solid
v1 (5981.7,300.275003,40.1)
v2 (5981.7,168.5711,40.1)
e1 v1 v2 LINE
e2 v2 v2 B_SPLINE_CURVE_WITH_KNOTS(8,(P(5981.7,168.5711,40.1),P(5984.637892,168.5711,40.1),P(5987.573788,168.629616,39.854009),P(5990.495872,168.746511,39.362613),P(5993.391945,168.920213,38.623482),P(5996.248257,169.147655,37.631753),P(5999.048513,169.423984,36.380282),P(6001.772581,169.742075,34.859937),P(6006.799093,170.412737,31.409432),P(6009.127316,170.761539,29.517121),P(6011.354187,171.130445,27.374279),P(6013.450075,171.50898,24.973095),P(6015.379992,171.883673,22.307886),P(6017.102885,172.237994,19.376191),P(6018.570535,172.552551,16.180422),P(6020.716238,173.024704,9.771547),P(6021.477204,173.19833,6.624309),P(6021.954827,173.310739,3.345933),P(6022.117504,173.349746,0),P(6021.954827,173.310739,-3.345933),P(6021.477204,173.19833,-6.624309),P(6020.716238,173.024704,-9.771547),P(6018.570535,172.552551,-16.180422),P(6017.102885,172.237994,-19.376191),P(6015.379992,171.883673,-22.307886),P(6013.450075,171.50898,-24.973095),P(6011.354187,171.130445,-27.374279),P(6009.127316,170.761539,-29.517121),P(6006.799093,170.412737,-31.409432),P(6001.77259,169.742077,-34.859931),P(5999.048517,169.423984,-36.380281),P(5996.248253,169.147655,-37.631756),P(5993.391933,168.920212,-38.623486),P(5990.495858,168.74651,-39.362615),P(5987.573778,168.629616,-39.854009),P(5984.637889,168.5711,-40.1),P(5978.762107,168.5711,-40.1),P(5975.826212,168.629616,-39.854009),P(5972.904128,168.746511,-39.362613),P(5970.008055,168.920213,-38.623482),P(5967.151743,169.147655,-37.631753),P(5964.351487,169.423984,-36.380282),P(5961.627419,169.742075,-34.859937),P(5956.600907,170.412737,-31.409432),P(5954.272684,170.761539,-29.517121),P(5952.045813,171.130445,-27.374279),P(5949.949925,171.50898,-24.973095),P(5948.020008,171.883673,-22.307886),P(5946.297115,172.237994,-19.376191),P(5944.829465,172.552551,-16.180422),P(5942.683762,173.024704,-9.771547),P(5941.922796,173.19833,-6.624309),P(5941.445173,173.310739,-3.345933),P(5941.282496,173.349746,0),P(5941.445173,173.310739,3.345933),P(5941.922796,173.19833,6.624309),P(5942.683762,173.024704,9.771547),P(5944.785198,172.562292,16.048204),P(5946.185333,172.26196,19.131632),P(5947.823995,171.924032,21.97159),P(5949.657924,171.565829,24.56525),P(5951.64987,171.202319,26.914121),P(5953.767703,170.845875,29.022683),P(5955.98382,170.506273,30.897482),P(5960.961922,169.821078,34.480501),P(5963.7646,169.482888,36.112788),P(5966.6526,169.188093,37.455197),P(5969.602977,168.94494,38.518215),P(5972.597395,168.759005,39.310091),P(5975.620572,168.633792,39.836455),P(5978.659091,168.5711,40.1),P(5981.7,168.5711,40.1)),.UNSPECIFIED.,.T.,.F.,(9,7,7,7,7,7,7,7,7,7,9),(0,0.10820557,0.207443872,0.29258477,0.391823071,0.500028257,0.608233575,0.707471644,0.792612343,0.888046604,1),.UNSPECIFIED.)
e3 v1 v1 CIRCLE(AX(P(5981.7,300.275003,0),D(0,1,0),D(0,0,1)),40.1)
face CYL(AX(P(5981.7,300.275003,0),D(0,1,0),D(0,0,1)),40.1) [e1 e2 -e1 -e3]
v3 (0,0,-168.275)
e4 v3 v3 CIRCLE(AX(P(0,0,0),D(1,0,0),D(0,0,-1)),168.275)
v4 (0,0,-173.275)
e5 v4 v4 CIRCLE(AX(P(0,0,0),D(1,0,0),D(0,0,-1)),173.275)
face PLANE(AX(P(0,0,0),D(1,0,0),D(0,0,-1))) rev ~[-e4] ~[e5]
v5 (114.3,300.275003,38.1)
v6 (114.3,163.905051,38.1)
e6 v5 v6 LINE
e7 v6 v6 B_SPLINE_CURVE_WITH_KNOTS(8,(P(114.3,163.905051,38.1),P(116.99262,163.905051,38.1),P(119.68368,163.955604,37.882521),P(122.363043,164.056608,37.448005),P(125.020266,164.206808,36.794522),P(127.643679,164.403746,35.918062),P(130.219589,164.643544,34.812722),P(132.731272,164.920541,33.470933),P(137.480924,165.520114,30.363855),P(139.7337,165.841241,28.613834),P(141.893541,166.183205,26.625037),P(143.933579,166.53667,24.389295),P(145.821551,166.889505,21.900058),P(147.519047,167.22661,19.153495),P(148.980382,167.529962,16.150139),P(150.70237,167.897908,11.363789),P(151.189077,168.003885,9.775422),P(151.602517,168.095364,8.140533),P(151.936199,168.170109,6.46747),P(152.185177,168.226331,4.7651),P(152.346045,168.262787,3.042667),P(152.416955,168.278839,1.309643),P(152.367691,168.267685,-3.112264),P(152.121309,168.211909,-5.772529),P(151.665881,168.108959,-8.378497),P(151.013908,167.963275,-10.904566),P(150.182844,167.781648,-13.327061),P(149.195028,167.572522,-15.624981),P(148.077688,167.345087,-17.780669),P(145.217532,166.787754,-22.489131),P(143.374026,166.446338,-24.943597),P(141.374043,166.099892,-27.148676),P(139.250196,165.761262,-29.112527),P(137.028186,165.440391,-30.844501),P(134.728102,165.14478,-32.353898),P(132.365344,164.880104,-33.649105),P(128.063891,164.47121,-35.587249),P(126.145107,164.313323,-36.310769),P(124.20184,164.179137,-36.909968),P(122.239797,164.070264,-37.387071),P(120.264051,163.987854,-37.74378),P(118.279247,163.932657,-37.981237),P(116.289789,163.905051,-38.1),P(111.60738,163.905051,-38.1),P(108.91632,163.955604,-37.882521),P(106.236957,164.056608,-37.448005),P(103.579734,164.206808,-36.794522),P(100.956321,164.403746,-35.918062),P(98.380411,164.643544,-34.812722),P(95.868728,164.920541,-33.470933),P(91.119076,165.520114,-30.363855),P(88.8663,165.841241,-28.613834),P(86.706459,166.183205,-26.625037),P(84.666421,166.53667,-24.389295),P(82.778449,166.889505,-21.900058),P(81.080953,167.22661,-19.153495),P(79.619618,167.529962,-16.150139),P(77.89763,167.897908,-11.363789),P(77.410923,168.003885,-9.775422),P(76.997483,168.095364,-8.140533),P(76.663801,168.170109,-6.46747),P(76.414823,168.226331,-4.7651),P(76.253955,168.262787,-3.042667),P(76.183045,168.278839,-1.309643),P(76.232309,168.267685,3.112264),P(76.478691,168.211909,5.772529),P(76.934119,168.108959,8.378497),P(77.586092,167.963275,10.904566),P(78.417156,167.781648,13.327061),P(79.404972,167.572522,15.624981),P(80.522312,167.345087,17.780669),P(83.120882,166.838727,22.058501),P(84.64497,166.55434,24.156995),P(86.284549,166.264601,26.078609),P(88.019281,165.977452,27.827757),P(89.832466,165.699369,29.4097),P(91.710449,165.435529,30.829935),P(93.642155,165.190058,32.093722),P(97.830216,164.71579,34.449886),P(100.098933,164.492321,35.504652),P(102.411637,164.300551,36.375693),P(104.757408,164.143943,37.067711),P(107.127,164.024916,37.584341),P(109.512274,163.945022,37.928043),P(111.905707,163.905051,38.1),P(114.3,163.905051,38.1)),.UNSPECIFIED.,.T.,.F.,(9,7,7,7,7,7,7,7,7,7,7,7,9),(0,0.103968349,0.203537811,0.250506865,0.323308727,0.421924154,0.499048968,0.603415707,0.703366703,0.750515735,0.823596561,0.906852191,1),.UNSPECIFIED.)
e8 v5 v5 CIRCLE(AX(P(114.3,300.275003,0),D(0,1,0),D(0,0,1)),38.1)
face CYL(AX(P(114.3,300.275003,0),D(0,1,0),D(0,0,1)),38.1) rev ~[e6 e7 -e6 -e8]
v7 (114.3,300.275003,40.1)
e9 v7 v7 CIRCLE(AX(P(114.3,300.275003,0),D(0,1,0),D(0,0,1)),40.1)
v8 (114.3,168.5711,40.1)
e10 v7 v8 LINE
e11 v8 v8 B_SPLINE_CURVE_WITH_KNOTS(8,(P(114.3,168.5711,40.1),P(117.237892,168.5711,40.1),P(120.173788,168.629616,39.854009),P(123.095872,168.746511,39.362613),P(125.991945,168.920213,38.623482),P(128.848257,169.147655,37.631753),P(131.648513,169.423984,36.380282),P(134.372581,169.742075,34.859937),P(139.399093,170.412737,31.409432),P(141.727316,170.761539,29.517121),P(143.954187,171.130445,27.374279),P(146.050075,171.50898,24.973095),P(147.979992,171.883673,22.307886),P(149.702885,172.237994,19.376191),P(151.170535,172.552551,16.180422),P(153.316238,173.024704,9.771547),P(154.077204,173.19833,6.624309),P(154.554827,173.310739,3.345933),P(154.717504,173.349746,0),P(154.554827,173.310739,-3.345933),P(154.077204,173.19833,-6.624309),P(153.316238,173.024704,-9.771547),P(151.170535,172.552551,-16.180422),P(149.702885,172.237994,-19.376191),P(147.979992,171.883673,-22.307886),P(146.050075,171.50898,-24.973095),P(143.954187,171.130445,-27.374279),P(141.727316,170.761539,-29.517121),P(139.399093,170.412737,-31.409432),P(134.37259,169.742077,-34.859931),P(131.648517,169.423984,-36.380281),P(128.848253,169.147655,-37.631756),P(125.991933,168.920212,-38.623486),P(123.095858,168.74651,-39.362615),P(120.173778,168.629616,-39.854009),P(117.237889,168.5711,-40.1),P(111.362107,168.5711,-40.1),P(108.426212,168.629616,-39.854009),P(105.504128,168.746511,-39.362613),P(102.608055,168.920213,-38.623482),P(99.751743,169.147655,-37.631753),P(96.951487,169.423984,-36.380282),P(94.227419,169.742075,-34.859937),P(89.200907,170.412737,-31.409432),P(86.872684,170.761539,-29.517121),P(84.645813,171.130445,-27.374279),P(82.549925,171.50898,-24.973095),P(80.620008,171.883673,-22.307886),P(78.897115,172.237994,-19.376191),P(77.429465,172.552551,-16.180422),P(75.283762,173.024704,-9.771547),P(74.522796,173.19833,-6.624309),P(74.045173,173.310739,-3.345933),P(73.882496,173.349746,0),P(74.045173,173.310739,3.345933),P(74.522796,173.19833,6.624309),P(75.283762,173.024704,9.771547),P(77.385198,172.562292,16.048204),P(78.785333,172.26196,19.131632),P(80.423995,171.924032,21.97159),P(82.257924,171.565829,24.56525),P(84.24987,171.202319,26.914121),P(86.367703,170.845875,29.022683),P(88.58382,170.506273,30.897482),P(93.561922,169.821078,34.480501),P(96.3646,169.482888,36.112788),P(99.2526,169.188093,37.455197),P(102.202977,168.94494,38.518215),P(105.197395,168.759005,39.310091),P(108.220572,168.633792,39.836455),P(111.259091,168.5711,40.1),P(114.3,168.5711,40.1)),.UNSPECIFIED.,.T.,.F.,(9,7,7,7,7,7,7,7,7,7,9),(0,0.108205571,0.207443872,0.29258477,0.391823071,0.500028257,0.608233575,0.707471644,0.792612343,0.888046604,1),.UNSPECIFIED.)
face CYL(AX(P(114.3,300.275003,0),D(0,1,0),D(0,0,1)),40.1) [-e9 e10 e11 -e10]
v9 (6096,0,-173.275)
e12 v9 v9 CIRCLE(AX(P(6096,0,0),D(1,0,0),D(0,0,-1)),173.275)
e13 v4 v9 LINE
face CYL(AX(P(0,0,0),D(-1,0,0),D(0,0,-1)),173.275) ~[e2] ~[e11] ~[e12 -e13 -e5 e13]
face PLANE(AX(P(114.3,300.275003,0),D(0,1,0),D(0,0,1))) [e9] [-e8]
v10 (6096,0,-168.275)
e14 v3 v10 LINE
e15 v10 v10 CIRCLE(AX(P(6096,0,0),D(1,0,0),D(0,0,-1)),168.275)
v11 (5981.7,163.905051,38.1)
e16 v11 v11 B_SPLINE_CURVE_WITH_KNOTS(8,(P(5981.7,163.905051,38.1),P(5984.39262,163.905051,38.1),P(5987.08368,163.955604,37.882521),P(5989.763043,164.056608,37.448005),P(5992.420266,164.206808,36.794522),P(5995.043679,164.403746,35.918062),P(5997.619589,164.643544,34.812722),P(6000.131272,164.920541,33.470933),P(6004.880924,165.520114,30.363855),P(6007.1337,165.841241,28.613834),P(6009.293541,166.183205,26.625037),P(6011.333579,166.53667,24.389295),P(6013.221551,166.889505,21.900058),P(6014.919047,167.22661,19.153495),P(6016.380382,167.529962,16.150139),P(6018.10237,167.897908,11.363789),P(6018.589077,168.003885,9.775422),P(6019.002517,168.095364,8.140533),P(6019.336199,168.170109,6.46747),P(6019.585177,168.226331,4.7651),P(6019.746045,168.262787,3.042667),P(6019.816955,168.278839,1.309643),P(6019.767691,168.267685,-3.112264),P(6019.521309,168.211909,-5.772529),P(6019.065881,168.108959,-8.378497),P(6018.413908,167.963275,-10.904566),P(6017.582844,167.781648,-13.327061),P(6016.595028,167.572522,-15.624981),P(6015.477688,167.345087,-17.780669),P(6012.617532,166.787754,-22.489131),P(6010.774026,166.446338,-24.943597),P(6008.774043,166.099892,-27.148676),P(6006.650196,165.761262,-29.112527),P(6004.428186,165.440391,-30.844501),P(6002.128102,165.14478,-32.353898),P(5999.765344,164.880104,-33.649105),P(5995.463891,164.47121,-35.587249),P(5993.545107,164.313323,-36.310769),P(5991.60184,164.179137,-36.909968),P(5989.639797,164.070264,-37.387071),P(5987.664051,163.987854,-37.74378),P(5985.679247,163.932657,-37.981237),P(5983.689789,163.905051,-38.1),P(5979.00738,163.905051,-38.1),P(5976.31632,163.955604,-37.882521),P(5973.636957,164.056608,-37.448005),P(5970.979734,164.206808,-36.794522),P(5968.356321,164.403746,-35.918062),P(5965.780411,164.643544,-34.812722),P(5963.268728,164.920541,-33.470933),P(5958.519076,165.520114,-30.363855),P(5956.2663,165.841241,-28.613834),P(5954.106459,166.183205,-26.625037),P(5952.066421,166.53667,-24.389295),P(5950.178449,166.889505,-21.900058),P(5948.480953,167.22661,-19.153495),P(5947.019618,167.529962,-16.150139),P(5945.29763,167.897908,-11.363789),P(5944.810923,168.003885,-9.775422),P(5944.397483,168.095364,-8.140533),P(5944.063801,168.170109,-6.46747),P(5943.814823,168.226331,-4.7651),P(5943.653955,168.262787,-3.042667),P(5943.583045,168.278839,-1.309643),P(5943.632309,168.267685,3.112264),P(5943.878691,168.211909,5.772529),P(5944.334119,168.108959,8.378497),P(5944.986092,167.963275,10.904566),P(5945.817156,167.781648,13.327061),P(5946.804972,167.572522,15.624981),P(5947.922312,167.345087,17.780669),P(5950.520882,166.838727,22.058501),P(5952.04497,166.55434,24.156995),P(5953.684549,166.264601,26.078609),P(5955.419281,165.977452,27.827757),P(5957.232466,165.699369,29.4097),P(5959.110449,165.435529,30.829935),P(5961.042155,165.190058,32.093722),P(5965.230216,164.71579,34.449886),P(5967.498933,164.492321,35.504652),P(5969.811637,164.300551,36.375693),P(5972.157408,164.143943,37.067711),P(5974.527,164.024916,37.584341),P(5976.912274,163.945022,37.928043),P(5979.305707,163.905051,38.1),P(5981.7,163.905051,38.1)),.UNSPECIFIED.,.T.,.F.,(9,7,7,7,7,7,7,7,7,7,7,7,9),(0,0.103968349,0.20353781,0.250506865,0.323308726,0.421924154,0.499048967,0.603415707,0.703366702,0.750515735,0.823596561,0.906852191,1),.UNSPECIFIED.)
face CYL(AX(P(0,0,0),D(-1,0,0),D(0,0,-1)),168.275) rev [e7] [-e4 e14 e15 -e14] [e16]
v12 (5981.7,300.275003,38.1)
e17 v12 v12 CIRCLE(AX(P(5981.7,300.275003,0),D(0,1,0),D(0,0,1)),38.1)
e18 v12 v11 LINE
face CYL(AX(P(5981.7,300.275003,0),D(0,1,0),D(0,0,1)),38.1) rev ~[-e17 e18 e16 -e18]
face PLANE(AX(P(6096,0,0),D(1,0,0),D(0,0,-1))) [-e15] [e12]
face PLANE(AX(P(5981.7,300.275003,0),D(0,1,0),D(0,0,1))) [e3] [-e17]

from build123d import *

# Parameters (mm, degrees)
SKETCH1_R                = 173.275
SKETCH1_R_2              = 168.275
BOSS_EXTRUDE1_DEPTH      = 6096
BOSS_EXTRUDE2_REACH      = 6118.82
BOSS_EXTRUDE2_END_RADIUS = 173.275
SKETCH3_R                = 40.1
CUT_EXTRUDE1_REACH       = 6118.82
CUT_EXTRUDE1_END_RADIUS  = 168.275
SKETCH4_R                = 38.1


with BuildPart() as part:
    # Sketch1 → Boss-Extrude1 (new body)
    with BuildSketch(Plane(origin=(0, 0, 0), x_dir=(0, 0, -1), z_dir=(1, 0, 0))):
        Circle(SKETCH1_R)
        Circle(SKETCH1_R_2, mode=Mode.SUBTRACT)
    extrude(amount=BOSS_EXTRUDE1_DEPTH)

    # Boss-Extrude2: up to this cylinder (the profile starts outside it)
    boss_extrude2_end = Plane(origin=(3048, 0, 0), z_dir=(-1, 0, 0)) * Cylinder(BOSS_EXTRUDE2_END_RADIUS, 18452.59, mode=Mode.PRIVATE)
    # Sketch3 → Boss-Extrude2 (add, up to the surface)
    with BuildSketch(Plane(origin=(0, 300.2750027, 0), x_dir=(1, 0, 0), z_dir=(0, 1, 0)), mode=Mode.PRIVATE) as boss_extrude2_sk1:
        with Locations(Location((114.3, 0, 0), (0, 0, 270))):
            Circle(SKETCH3_R)
    boss_extrude2_tool1 = extrude(boss_extrude2_sk1.sketch, amount=-BOSS_EXTRUDE2_REACH, mode=Mode.PRIVATE) - boss_extrude2_end
    add(boss_extrude2_tool1.solids().sort_by_distance((114.3, 300.275003, 0))[0])
    # Sketch3 → Boss-Extrude2 (add, up to the surface)
    with BuildSketch(Plane(origin=(0, 300.2750027, 0), x_dir=(1, 0, 0), z_dir=(0, 1, 0)), mode=Mode.PRIVATE) as boss_extrude2_sk2:
        with Locations(Location((5981.7, 0, 0), (0, 0, 270))):
            Circle(SKETCH3_R)
    boss_extrude2_tool2 = extrude(boss_extrude2_sk2.sketch, amount=-BOSS_EXTRUDE2_REACH, mode=Mode.PRIVATE) - boss_extrude2_end
    add(boss_extrude2_tool2.solids().sort_by_distance((5981.7, 300.275003, 0))[0])

    # Cut-Extrude1: up to this cylinder (the profile starts outside it)
    cut_extrude1_end = Plane(origin=(3048, 0, 0), z_dir=(-1, 0, 0)) * Cylinder(CUT_EXTRUDE1_END_RADIUS, 18442.59, mode=Mode.PRIVATE)
    # Sketch4 → Cut-Extrude1 (cut, up to the surface)
    with BuildSketch(Plane(origin=(0, 300.2750027, 0), x_dir=(1, 0, 0), z_dir=(0, 1, 0)), mode=Mode.PRIVATE) as cut_extrude1_sk1:
        with Locations(Location((114.3, 0, 0), (0, 0, 270))):
            Circle(SKETCH4_R)
    cut_extrude1_tool1 = extrude(cut_extrude1_sk1.sketch, amount=-CUT_EXTRUDE1_REACH, mode=Mode.PRIVATE) - cut_extrude1_end
    add(cut_extrude1_tool1.solids().sort_by_distance((114.3, 300.275003, 0))[0], mode=Mode.SUBTRACT)
    # Sketch4 → Cut-Extrude1 (cut, up to the surface)
    with BuildSketch(Plane(origin=(0, 300.2750027, 0), x_dir=(1, 0, 0), z_dir=(0, 1, 0)), mode=Mode.PRIVATE) as cut_extrude1_sk2:
        with Locations(Location((5981.7, 0, 0), (0, 0, 270))):
            Circle(SKETCH4_R)
    cut_extrude1_tool2 = extrude(cut_extrude1_sk2.sketch, amount=-CUT_EXTRUDE1_REACH, mode=Mode.PRIVATE) - cut_extrude1_end
    add(cut_extrude1_tool2.solids().sort_by_distance((5981.7, 300.275003, 0))[0], mode=Mode.SUBTRACT)


solid = part.part
